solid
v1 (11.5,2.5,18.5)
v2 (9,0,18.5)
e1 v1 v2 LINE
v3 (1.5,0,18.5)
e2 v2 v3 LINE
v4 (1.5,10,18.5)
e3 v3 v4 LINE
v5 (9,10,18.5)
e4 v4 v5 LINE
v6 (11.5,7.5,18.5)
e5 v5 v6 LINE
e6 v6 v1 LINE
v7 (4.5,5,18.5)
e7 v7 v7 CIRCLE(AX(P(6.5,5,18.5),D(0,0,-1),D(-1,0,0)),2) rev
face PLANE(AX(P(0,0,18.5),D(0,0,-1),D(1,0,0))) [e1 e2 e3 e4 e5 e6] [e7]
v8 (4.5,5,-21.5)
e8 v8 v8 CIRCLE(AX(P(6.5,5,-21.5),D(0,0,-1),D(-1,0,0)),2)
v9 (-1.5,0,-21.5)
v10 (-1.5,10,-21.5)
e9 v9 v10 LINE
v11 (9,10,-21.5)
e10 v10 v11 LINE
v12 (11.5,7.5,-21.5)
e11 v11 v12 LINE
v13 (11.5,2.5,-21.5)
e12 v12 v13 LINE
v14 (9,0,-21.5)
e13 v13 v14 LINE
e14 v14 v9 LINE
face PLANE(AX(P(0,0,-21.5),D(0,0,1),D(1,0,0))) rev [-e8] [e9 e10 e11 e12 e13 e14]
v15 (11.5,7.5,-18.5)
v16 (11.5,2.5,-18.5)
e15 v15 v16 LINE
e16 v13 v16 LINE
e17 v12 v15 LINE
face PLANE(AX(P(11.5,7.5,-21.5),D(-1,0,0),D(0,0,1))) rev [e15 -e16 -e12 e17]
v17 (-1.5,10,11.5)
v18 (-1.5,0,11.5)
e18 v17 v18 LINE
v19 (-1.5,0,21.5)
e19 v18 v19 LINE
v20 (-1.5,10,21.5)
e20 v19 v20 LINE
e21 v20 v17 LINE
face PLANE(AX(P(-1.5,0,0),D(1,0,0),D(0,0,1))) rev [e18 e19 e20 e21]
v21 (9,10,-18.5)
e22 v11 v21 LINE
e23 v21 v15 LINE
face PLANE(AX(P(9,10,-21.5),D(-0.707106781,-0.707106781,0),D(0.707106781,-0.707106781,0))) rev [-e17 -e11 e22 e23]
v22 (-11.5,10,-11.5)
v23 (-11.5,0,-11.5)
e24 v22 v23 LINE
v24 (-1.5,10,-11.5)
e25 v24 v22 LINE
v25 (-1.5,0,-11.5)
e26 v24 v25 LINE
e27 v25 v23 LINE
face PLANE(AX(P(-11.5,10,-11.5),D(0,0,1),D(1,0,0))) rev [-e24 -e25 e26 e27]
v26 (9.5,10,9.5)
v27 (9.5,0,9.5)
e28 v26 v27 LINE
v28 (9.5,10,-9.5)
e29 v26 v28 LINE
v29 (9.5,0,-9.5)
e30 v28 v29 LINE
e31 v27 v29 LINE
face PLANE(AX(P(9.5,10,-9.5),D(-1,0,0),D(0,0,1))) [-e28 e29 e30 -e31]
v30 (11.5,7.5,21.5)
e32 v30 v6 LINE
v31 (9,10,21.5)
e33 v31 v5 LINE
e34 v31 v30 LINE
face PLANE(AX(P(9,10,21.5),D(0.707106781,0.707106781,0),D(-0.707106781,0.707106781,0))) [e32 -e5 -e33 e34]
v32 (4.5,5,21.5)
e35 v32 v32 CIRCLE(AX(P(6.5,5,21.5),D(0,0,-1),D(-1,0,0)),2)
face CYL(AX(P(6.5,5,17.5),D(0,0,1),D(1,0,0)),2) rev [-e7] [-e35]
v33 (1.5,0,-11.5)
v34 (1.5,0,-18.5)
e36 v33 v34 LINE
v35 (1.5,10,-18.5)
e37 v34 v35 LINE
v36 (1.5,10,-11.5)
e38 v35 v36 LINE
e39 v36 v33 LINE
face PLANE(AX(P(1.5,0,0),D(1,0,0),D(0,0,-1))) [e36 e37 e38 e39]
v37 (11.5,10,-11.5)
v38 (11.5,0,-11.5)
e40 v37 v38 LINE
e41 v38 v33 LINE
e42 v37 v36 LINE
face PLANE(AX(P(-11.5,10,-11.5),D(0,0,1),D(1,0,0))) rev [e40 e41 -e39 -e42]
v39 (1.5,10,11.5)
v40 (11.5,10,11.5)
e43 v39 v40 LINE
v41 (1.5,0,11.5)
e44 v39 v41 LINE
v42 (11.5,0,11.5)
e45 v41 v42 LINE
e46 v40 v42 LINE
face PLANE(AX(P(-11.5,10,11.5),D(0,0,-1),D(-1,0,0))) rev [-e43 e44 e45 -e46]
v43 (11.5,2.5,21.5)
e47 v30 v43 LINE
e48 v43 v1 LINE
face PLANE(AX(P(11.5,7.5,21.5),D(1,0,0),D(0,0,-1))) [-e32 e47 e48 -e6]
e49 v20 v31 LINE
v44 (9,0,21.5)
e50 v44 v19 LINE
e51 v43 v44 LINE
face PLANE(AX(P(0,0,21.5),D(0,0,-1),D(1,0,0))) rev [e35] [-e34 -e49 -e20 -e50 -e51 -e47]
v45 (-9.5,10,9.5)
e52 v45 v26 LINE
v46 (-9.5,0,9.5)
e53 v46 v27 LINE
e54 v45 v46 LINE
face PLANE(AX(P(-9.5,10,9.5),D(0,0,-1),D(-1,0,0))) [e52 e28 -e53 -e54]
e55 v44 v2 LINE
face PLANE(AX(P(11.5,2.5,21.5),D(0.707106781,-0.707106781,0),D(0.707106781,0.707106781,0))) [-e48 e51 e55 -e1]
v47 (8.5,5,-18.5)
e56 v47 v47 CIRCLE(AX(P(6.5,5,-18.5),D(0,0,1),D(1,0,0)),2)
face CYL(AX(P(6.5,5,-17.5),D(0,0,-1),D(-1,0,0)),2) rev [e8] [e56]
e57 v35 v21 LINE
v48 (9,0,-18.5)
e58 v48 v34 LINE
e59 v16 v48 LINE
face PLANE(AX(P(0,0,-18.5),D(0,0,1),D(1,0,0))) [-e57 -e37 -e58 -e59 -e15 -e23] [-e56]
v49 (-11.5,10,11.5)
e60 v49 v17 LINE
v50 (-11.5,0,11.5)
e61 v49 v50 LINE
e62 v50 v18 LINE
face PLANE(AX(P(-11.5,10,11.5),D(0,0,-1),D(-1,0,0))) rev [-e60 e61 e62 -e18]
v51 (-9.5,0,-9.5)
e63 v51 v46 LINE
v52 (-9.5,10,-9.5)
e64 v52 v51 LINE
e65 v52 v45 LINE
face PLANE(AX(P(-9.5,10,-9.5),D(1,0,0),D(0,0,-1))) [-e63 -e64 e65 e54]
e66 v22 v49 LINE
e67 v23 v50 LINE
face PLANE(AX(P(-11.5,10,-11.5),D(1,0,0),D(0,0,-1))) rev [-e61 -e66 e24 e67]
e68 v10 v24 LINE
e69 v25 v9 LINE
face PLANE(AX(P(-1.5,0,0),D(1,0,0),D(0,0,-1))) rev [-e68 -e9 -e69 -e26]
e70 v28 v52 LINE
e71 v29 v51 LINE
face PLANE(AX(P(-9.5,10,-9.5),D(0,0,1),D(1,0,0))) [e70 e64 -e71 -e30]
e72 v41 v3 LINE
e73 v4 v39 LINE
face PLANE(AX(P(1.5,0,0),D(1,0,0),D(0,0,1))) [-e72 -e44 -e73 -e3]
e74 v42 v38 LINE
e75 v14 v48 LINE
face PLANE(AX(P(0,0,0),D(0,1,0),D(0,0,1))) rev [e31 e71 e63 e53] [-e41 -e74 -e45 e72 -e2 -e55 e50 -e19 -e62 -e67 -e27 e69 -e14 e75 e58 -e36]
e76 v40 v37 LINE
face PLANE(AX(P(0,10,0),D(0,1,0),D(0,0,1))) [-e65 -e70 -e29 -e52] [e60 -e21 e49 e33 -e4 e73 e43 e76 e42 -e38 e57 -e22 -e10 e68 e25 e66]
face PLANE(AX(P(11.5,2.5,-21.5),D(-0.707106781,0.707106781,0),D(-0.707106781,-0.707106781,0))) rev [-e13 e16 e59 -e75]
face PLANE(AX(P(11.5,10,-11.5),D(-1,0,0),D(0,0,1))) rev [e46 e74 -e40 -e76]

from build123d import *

# Parameters (mm, degrees)
CROQUIS1_W              = 23
CROQUIS1_H              = 23
CROQUIS1_W_2            = 19
CROQUIS1_H_2            = 19
SALIENTE_EXTRUIR1_DEPTH = 10
CROQUIS2_W              = 7
CROQUIS2_H              = 10
SALIENTE_EXTRUIR2_DEPTH = 1.5
SALIENTE_EXTRUIR3_DEPTH = 3
CROQUIS4_R              = 2
CORTAR_EXTRUIR1_DEPTH   = 4


with BuildPart() as part:
    # Croquis1 → Saliente-Extruir1 (new body)
    with BuildSketch(Plane(origin=(0, 0, 0), x_dir=(1, 0, 0), z_dir=(0, 1, 0))):
        Rectangle(CROQUIS1_W, CROQUIS1_H)
        Rectangle(CROQUIS1_W_2, CROQUIS1_H_2, mode=Mode.SUBTRACT)
    extrude(amount=SALIENTE_EXTRUIR1_DEPTH)

    # Croquis2 → Saliente-Extruir2 (add, symmetric)
    with BuildSketch(Plane(origin=(0, 0, 0), x_dir=(0, 0, -1), z_dir=(1, 0, 0))):
        with Locations((15, 5)):
            Rectangle(CROQUIS2_W, CROQUIS2_H)
    saliente_extruir2 = extrude(amount=SALIENTE_EXTRUIR2_DEPTH, both=True)

    # Croquis3 → Saliente-Extruir3 (add)
    with BuildSketch(Plane(origin=(0, 0, -18.5), x_dir=(-1, 0, 0), z_dir=(0, 0, -1))):
        Polygon((-9, 10), (-11.5, 7.5), (-11.5, 2.5), (-9, 0), (1.5, 0), (1.5, 10), align=None)
    saliente_extruir3 = extrude(amount=SALIENTE_EXTRUIR3_DEPTH)

    # Croquis4 → Cortar-Extruir1 (cut)
    with BuildSketch(Plane(origin=(0, 0, -21.5), x_dir=(-1, 0, 0), z_dir=(0, 0, -1))):
        with Locations((-6.5, 5)):
            Circle(CROQUIS4_R)
    cortar_extruir1 = extrude(amount=-CORTAR_EXTRUIR1_DEPTH, mode=Mode.SUBTRACT)

    # Simetría1: Saliente-Extruir2, Saliente-Extruir3, Cortar-Extruir1 across plane
    add(saliente_extruir2.mirror(Plane.XY))
    add(saliente_extruir3.mirror(Plane.XY))
    add(cortar_extruir1.mirror(Plane.XY), mode=Mode.SUBTRACT)


solid = part.part
